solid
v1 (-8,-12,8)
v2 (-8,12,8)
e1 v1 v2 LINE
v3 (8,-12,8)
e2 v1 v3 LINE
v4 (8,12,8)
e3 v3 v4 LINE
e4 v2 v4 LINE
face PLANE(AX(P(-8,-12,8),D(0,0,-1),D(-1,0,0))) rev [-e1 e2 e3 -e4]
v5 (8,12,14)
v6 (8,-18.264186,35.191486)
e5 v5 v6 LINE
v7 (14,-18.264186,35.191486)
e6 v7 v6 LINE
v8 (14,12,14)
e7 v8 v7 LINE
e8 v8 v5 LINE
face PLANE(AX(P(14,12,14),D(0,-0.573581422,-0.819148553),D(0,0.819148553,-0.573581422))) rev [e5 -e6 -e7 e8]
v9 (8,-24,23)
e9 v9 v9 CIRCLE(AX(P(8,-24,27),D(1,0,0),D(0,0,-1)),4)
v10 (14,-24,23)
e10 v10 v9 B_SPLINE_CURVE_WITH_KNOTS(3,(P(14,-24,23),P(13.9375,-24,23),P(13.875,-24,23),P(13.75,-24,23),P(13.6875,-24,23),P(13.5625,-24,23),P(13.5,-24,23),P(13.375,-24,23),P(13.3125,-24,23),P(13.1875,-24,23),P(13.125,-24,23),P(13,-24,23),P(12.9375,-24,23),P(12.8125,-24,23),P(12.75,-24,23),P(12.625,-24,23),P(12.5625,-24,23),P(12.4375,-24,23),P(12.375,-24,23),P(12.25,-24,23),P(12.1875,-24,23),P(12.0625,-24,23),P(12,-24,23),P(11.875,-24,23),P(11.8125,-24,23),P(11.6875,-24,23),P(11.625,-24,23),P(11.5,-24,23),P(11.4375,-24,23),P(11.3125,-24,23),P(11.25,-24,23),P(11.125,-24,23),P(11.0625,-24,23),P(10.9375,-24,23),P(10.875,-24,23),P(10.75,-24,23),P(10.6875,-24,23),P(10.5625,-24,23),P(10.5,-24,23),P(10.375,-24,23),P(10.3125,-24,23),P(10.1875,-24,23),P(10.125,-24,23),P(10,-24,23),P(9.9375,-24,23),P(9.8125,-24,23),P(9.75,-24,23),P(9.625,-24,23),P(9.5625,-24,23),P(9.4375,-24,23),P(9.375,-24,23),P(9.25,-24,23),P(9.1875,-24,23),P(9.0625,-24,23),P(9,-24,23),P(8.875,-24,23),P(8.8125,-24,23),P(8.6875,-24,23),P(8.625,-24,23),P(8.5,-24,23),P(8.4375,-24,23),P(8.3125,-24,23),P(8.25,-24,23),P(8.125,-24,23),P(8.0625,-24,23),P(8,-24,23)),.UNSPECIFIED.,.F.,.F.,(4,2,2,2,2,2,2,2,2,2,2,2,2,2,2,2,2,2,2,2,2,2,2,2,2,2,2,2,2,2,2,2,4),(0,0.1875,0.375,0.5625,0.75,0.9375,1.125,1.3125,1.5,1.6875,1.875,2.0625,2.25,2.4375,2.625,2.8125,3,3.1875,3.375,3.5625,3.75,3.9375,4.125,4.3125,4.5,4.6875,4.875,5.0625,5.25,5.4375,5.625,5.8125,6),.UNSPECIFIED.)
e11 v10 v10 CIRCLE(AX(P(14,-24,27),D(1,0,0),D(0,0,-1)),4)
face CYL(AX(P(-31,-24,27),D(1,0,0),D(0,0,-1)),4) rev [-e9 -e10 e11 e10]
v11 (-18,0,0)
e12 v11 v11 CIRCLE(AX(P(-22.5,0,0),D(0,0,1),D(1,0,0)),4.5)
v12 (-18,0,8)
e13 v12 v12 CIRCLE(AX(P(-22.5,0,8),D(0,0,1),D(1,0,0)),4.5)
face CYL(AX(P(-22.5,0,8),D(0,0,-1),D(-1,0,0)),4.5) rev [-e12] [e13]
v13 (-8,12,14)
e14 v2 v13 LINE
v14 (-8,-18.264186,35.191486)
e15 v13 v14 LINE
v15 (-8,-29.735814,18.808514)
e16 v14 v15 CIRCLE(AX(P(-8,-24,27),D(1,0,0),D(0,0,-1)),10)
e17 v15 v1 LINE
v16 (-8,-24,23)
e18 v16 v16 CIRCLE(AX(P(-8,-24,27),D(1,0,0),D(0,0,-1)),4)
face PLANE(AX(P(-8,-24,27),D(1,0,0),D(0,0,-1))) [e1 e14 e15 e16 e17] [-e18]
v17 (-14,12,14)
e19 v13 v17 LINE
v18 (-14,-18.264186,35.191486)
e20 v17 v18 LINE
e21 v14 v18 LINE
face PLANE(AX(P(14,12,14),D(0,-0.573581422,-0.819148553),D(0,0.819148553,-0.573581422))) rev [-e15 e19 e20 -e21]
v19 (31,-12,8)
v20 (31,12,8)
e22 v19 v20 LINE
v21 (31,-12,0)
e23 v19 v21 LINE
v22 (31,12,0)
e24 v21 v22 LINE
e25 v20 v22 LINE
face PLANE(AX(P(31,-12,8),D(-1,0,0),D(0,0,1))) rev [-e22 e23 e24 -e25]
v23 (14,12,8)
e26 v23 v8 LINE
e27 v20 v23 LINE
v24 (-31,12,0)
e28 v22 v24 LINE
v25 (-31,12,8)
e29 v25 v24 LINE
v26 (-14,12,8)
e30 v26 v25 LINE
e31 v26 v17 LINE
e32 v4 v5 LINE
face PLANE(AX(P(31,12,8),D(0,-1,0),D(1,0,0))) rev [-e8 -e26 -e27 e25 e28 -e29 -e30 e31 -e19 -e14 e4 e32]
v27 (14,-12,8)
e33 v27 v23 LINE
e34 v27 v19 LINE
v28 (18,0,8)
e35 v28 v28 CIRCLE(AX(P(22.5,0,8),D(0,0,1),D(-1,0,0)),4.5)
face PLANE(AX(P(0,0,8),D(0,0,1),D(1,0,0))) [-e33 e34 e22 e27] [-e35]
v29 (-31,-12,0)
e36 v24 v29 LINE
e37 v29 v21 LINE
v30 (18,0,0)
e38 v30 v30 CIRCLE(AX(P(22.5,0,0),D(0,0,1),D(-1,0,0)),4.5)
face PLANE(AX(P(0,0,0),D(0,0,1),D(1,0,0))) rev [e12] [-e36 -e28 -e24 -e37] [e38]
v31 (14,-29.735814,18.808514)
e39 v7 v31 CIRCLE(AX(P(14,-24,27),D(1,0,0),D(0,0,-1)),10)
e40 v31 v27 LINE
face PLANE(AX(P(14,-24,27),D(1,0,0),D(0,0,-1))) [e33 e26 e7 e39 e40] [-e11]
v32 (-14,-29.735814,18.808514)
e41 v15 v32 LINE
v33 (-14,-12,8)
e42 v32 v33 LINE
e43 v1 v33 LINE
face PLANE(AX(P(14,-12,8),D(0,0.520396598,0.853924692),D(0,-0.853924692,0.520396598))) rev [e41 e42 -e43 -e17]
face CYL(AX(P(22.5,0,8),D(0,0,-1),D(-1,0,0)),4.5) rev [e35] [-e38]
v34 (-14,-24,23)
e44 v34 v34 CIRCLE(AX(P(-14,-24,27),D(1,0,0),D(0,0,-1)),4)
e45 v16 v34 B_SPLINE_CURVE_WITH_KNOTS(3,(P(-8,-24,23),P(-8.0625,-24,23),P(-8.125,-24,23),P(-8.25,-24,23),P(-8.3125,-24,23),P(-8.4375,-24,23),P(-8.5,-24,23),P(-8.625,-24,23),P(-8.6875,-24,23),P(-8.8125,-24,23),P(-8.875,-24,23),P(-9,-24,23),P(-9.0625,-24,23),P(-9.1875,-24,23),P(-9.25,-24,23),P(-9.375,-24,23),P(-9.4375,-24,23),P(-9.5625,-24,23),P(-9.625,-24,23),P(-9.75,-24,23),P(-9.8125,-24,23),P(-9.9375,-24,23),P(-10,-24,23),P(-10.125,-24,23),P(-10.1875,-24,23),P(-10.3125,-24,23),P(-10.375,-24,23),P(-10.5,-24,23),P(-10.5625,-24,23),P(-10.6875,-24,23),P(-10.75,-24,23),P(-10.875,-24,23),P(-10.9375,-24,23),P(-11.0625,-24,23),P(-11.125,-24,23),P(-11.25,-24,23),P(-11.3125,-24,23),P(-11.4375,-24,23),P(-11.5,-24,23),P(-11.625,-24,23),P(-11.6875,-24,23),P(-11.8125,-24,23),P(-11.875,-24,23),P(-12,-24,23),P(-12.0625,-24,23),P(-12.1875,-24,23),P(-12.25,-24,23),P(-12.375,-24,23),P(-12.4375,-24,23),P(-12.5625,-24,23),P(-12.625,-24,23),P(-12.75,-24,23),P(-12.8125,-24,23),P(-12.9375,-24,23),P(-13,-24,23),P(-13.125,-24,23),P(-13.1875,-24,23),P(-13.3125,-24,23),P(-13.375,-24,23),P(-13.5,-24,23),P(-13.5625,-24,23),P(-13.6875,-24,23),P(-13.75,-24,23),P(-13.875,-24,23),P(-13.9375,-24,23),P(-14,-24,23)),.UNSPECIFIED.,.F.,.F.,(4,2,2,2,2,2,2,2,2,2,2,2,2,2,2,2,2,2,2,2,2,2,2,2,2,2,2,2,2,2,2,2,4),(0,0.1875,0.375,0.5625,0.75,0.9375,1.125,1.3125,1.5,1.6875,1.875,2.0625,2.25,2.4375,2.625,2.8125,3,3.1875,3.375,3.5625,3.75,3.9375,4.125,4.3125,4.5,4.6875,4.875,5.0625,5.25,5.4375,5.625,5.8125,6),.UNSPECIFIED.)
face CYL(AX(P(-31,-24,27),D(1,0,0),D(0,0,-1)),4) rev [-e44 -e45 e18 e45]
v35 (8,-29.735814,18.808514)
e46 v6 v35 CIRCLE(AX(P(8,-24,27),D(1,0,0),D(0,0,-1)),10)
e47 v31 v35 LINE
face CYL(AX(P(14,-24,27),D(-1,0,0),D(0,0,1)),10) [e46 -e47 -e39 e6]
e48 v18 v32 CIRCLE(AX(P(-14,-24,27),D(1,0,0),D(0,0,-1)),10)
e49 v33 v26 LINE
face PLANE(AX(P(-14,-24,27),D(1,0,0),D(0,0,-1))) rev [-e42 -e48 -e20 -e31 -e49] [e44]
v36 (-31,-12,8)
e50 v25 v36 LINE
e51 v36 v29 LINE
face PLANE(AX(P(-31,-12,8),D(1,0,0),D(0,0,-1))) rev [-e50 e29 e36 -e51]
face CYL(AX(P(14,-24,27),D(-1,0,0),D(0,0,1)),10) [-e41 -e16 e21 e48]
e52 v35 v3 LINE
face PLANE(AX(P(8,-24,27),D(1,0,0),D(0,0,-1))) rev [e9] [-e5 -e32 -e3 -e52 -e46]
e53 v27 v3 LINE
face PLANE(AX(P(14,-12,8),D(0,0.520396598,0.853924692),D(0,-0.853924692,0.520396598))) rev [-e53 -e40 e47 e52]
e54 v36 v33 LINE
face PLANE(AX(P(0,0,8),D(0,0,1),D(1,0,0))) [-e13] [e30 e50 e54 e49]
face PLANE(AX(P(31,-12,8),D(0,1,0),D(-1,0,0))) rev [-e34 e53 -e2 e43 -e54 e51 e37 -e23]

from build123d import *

# Parameters (mm, degrees)
SKETCH_1_W               = 62
SKETCH_1_H               = 24
SKETCH_1_R               = 4.5
EXTRUDE_1_DEPTH          = 8
EXTRUDE_2_DEPTH          = 14
CUT_EXTRUDE_2_DEPTH      = 8
CUT_EXTRUDE_3_DEPTH      = 68.453687816
CUT_EXTRUDE_3_DEPTH_BACK = 68.453687816
SKETCH_6_R               = 4


with BuildPart() as part:
    # 草图1 → 凸台-拉伸1 (new body)
    with BuildSketch(Plane.XY):
        Rectangle(SKETCH_1_W, SKETCH_1_H)
        with Locations((-22.5, 0)):
            Circle(SKETCH_1_R, mode=Mode.SUBTRACT)
        with Locations(Location((22.5, 0, 0), (0, 0, 180))):
            Circle(SKETCH_1_R, mode=Mode.SUBTRACT)
    extrude(amount=EXTRUDE_1_DEPTH)

    # 草图2 → 凸台-拉伸2 (add, symmetric)
    with BuildSketch(Plane(origin=(0, 0, 0), x_dir=(0, 0, -1), z_dir=(1, 0, 0))):
        with BuildLine():
            Line((-8, 12), (-14, 12))
            Line((-14, 12), (-35.191485533, -18.26418578))
            ThreePointArc((-35.191485533, -18.26418578), (-32.73581422, -32.191485533), (-18.808514467, -29.73581422))
            Line((-18.808514467, -29.73581422), (-8, -12))
            Line((-8, -12), (0, -12))
            Line((0, -12), (0, 12))
            Line((0, 12), (-8, 12))
        make_face()
    extrude(amount=EXTRUDE_2_DEPTH, both=True)

    # 草图5 → 切除-拉伸2 (cut, symmetric)
    with BuildSketch(Plane(origin=(0, 0, 0), x_dir=(0, 0, -1), z_dir=(1, 0, 0))):
        with BuildLine():
            Line((-18.808514467, -29.73581422), (-8, -12))
            Line((-8, -12), (-8, 12))
            Line((-8, 12), (-14, 12))
            Line((-14, 12), (-35.191485533, -18.26418578))
            ThreePointArc((-35.191485533, -18.26418578), (-32.73581422, -32.191485533), (-18.808514467, -29.73581422))
        make_face()
    extrude(amount=CUT_EXTRUDE_2_DEPTH, both=True, mode=Mode.SUBTRACT)

    # 草图6 → 切除-拉伸3 (cut, two sides: drawn at the far end of the back side and taken through both)
    with BuildSketch(Plane(origin=(14, 0, 0), x_dir=(0, 0, -1), z_dir=(1, 0, 0)).offset(-CUT_EXTRUDE_3_DEPTH_BACK)):
        with Locations((-27, -24)):
            Circle(SKETCH_6_R)
    extrude(amount=CUT_EXTRUDE_3_DEPTH + CUT_EXTRUDE_3_DEPTH_BACK, mode=Mode.SUBTRACT)


solid = part.part
